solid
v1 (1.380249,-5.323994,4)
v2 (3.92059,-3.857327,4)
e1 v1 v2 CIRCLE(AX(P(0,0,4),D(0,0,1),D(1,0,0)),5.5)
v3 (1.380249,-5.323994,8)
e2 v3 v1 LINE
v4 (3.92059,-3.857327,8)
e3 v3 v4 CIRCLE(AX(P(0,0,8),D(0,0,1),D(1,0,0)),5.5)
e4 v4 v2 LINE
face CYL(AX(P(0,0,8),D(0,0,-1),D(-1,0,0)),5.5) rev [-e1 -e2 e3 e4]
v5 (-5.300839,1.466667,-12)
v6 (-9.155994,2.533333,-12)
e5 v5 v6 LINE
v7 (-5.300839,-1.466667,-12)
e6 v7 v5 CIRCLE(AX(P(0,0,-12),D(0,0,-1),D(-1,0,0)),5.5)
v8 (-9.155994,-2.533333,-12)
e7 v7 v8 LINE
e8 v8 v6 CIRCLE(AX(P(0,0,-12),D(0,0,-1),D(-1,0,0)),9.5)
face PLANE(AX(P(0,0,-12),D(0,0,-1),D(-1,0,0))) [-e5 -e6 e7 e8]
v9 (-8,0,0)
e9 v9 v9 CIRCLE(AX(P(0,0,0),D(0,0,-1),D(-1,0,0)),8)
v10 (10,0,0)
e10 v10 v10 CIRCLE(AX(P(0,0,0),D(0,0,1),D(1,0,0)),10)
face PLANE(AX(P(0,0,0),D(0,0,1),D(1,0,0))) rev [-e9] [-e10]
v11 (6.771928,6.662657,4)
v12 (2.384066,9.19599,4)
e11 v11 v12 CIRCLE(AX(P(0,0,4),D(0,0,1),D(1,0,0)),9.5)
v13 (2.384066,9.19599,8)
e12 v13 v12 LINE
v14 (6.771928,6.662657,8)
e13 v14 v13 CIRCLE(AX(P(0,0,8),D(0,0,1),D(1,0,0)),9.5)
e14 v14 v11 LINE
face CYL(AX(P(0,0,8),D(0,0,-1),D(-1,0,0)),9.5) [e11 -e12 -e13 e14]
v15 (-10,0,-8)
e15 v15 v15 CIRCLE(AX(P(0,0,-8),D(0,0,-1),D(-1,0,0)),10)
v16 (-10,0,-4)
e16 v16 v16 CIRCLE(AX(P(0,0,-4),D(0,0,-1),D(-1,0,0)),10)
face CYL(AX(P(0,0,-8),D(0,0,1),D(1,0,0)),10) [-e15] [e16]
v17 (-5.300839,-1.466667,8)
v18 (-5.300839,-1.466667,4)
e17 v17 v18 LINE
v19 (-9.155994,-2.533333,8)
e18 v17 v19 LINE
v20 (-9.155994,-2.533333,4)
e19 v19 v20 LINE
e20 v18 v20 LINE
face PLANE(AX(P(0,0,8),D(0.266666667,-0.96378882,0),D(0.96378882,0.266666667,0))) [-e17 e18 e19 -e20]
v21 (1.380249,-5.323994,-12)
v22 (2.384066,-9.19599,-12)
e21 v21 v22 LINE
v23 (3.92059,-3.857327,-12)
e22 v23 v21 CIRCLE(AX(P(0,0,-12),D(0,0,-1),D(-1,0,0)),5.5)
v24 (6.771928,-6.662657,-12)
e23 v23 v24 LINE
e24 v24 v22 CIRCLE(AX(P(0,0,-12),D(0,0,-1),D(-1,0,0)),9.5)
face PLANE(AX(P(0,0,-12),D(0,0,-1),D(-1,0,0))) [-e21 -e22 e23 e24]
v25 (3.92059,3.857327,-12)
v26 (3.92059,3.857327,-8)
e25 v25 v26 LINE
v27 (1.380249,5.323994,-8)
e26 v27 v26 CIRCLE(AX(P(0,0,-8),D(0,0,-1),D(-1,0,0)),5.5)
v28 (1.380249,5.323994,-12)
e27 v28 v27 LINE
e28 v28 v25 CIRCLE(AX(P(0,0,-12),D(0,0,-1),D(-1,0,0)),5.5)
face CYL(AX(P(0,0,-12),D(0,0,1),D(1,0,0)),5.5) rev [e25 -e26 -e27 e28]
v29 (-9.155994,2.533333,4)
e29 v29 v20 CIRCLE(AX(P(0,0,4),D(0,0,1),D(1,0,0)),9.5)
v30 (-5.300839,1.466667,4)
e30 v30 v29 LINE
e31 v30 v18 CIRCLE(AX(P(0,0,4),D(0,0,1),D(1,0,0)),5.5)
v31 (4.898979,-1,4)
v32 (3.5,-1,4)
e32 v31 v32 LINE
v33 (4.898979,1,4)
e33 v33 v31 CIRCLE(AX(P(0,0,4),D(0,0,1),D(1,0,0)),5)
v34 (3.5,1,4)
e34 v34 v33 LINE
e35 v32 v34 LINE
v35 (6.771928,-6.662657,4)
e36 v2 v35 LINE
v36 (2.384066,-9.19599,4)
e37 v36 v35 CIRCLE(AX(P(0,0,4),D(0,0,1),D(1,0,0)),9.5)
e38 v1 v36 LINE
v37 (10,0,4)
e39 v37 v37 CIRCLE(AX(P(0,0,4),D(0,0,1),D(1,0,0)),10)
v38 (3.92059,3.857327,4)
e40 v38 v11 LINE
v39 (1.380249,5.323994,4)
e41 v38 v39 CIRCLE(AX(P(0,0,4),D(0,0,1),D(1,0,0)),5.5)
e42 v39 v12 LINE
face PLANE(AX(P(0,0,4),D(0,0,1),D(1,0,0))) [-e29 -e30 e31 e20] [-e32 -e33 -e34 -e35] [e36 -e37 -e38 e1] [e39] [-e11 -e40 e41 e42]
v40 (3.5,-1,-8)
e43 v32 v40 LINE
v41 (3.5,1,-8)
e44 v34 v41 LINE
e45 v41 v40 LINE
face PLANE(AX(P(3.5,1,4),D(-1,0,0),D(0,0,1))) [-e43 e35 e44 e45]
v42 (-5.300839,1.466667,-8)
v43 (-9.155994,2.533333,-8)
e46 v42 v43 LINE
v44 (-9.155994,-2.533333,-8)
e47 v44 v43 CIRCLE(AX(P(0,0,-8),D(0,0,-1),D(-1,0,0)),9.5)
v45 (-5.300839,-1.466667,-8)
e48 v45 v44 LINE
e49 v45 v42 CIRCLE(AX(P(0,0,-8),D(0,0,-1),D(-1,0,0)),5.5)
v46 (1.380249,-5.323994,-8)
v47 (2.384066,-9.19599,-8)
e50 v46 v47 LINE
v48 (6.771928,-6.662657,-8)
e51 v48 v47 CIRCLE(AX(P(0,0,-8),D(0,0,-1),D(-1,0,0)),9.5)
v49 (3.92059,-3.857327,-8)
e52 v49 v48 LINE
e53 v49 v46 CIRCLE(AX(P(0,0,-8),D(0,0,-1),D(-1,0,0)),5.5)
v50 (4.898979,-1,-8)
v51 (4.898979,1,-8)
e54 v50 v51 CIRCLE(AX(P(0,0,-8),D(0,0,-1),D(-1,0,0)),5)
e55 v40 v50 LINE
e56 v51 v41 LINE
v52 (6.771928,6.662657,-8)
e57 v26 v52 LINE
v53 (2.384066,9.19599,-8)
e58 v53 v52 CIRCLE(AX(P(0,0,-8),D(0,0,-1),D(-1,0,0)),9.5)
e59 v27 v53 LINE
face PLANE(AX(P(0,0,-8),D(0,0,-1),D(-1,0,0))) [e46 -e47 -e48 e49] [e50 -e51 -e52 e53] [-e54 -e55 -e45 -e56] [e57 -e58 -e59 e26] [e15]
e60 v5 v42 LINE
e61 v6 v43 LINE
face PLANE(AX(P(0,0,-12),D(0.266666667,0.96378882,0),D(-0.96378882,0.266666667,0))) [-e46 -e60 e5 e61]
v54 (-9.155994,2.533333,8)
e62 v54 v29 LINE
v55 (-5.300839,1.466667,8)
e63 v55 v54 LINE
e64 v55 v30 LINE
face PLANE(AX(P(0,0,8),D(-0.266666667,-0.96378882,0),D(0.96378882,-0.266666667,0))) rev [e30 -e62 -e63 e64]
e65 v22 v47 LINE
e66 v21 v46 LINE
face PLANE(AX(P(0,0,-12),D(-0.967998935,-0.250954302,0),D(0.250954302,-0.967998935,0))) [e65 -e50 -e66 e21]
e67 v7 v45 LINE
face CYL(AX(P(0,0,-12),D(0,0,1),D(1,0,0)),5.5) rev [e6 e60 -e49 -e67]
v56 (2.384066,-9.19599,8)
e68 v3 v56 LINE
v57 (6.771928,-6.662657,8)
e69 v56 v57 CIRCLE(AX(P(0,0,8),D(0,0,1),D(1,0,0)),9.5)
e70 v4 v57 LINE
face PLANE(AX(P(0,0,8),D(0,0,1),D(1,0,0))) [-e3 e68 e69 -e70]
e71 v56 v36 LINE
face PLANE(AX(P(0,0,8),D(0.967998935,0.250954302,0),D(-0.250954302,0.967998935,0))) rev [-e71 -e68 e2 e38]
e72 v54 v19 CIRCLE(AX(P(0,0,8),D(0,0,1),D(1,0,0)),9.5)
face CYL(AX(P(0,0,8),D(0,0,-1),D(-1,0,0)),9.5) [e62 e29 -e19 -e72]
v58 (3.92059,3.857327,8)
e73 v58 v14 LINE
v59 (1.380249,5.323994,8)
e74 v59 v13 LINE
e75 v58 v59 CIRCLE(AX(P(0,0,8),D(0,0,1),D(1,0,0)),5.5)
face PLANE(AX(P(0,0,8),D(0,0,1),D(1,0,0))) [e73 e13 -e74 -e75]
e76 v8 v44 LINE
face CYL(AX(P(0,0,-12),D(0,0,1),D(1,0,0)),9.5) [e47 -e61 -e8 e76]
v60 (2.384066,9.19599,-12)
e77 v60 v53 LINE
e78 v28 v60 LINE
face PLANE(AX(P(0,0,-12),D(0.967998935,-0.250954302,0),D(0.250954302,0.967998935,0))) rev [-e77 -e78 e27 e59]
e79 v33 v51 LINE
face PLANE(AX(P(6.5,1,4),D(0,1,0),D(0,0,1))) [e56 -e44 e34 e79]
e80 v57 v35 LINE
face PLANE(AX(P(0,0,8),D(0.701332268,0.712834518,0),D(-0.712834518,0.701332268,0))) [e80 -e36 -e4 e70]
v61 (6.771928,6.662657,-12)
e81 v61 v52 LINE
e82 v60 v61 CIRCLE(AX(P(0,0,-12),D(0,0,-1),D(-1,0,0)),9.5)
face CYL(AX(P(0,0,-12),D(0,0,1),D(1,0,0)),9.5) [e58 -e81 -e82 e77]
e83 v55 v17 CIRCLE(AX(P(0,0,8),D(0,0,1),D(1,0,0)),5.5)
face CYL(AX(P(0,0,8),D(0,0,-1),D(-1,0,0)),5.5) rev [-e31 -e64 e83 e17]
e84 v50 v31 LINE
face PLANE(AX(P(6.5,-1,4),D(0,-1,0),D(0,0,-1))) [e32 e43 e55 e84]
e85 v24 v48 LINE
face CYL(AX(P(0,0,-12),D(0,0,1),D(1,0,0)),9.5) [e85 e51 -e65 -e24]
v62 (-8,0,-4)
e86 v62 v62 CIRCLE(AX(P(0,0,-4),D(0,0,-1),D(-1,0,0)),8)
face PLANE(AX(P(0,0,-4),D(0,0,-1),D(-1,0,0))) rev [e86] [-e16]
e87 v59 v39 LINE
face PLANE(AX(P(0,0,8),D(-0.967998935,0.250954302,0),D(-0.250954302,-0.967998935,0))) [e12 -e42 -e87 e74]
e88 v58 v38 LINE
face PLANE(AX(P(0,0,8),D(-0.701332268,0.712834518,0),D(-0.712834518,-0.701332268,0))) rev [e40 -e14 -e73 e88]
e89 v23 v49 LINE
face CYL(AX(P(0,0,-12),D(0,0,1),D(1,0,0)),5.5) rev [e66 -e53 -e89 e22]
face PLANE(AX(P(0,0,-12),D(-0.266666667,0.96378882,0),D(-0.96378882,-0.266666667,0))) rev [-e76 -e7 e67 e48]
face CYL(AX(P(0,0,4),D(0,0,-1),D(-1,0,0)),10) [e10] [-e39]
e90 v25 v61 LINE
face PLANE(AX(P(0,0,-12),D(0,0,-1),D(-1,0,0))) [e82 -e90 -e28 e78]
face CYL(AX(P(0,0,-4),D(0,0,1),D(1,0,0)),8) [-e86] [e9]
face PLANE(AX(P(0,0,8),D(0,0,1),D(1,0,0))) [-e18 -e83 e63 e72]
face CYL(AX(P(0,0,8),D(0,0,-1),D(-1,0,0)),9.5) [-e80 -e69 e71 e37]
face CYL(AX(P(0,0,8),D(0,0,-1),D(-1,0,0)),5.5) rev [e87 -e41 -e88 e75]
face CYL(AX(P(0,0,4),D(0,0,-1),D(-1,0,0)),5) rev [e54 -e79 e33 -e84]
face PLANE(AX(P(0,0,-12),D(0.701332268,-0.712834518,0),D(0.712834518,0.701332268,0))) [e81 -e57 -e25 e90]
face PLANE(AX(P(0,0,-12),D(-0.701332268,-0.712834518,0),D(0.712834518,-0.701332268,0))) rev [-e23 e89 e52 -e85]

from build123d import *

# Parameters (mm, degrees)
SKETCH1_R           = 10
SKETCH1_R_2         = 5
BOSS_EXTRUDE2_DEPTH = 4
BOSS_EXTRUDE3_DEPTH = 4
SKETCH3_W           = 3
SKETCH3_H           = 2
BOSS_EXTRUDE4_DEPTH = 4
BOSS_EXTRUDE5_START = 4
SKETCH4_R           = 8
BOSS_EXTRUDE5_DEPTH = 4
BOSS_EXTRUDE6_START = 4
SKETCH5_R           = 10
BOSS_EXTRUDE6_DEPTH = 4
BOSS_EXTRUDE7_START = 4
BOSS_EXTRUDE7_DEPTH = 4
BOSS_EXTRUDE8_DEPTH = 10


with BuildPart() as part:
    # Sketch1 → Boss-Extrude2 (new body)
    with BuildSketch(Plane.XY):
        Circle(SKETCH1_R)
        Circle(SKETCH1_R_2, mode=Mode.SUBTRACT)
    extrude(amount=BOSS_EXTRUDE2_DEPTH)

    # Sketch2 → Boss-Extrude3 (add)
    with BuildSketch(Plane.XY.offset(4)):
        with BuildLine():
            ThreePointArc((-5.5, 0), (-5.449982192, 0.74006358), (-5.300838508, 1.466666667))
            Line((-5.300838508, 1.466666667), (-9.155993787, 2.533333333))
            ThreePointArc((-9.155993787, 2.533333333), (-9.413605605, 1.278291639), (-9.5, 0))
            ThreePointArc((-9.5, 0), (-9.413605605, -1.278291639), (-9.155993787, -2.533333333))
            Line((-9.155993787, -2.533333333), (-5.300838508, -1.466666667))
            ThreePointArc((-5.300838508, -1.466666667), (-5.449982192, -0.74006358), (-5.5, 0))
        make_face()
        with BuildLine():
            ThreePointArc((3.920589846, -3.857327476), (2.75, -4.763139721), (1.380248662, -5.323994143))
            Line((1.380248662, -5.323994143), (2.38406587, -9.195989883))
            ThreePointArc((2.38406587, -9.195989883), (4.75, -8.227241336), (6.771927916, -6.66265655))
            Line((6.771927916, -6.66265655), (3.920589846, -3.857327476))
        make_face()
        with BuildLine():
            Line((2.38406587, 9.195989883), (1.380248662, 5.323994143))
            ThreePointArc((1.380248662, 5.323994143), (2.75, 4.763139721), (3.920589846, 3.857327476))
            Line((3.920589846, 3.857327476), (6.771927916, 6.66265655))
            ThreePointArc((6.771927916, 6.66265655), (4.75, 8.227241336), (2.38406587, 9.195989883))
        make_face()
    extrude(amount=BOSS_EXTRUDE3_DEPTH)

    # Sketch3 → Boss-Extrude4 (add)
    with BuildSketch(Plane(origin=(0, 0, 0), x_dir=(-1, 0, 0), z_dir=(0, 0, -1))):
        with Locations((-5, 0)):
            Rectangle(SKETCH3_W, SKETCH3_H)
    extrude(amount=-BOSS_EXTRUDE4_DEPTH)

    # Sketch4 → Boss-Extrude5 (add)
    with BuildSketch(Plane(origin=(0, 0, 0), x_dir=(-1, 0, 0), z_dir=(0, 0, -1)).offset(BOSS_EXTRUDE5_START)):
        Circle(SKETCH4_R)
        with BuildLine():
            Line((-4.974937186, 0.5), (-3.5, 0.5))
            Line((-3.5, 0.5), (-3.5, -1))
            Line((-3.5, -1), (-4.898979486, -1))
            ThreePointArc((-4.898979486, -1), (4.993601667, 0.252868331), (-4.974937186, 0.5))
        make_face(mode=Mode.SUBTRACT)
    extrude(amount=-BOSS_EXTRUDE5_DEPTH)

    # Sketch5 → Boss-Extrude6 (add)
    with BuildSketch(Plane(origin=(0, 0, -4), x_dir=(-1, 0, 0), z_dir=(0, 0, -1)).offset(BOSS_EXTRUDE6_START)):
        with Locations(Location((0, 0, 0), (0, 0, 180))):
            Circle(SKETCH5_R)
        with BuildLine():
            Line((-4.974937186, 0.5), (-3.5, 0.5))
            Line((-3.5, 0.5), (-3.5, -1))
            Line((-3.5, -1), (-4.898979486, -1))
            ThreePointArc((-4.898979486, -1), (4.993601667, 0.252868331), (-4.974937186, 0.5))
        make_face(mode=Mode.SUBTRACT)
    extrude(amount=-BOSS_EXTRUDE6_DEPTH)

    # Sketch6 → Boss-Extrude7 (add)
    with BuildSketch(Plane(origin=(0, 0, -8), x_dir=(-1, 0, 0), z_dir=(0, 0, -1)).offset(BOSS_EXTRUDE7_START)):
        with BuildLine():
            ThreePointArc((-3.920589846, 3.857327476), (-2.75, 4.763139721), (-1.380248662, 5.323994143))
            Line((-1.380248662, 5.323994143), (-2.38406587, 9.195989883))
            ThreePointArc((-2.38406587, 9.195989883), (-4.75, 8.227241336), (-6.771927916, 6.66265655))
            Line((-6.771927916, 6.66265655), (-3.920589846, 3.857327476))
        make_face()
        with BuildLine():
            ThreePointArc((-1.380248662, -5.323994143), (-2.75, -4.763139721), (-3.920589846, -3.857327476))
            Line((-3.920589846, -3.857327476), (-6.771927916, -6.66265655))
            ThreePointArc((-6.771927916, -6.66265655), (-4.75, -8.227241336), (-2.38406587, -9.195989883))
            Line((-2.38406587, -9.195989883), (-1.380248662, -5.323994143))
        make_face()
        with BuildLine():
            Line((9.155993787, 2.533333333), (5.300838508, 1.466666667))
            ThreePointArc((5.300838508, 1.466666667), (5.449982192, 0.74006358), (5.5, 0))
            ThreePointArc((5.5, 0), (5.449982192, -0.74006358), (5.300838508, -1.466666667))
            Line((5.300838508, -1.466666667), (9.155993787, -2.533333333))
            ThreePointArc((9.155993787, -2.533333333), (9.413605605, -1.278291639), (9.5, 0))
            ThreePointArc((9.5, 0), (9.413605605, 1.278291639), (9.155993787, 2.533333333))
        make_face()
    extrude(amount=-BOSS_EXTRUDE7_DEPTH)

    # Sketch10 → Boss-Extrude8 (add)
    with BuildSketch(Plane(origin=(0, 0, -8), x_dir=(-1, 0, 0), z_dir=(0, 0, -1))):
        with BuildLine():
            Line((-3.5, 1), (-4.898979486, 1))
            ThreePointArc((-4.898979486, 1), (-4.943284091, 0.75096098), (-4.974937186, 0.5))
            Line((-4.974937186, 0.5), (-3.5, 0.5))
            Line((-3.5, 0.5), (-3.5, 1))
        make_face()
    extrude(amount=-BOSS_EXTRUDE8_DEPTH)


solid = part.part
